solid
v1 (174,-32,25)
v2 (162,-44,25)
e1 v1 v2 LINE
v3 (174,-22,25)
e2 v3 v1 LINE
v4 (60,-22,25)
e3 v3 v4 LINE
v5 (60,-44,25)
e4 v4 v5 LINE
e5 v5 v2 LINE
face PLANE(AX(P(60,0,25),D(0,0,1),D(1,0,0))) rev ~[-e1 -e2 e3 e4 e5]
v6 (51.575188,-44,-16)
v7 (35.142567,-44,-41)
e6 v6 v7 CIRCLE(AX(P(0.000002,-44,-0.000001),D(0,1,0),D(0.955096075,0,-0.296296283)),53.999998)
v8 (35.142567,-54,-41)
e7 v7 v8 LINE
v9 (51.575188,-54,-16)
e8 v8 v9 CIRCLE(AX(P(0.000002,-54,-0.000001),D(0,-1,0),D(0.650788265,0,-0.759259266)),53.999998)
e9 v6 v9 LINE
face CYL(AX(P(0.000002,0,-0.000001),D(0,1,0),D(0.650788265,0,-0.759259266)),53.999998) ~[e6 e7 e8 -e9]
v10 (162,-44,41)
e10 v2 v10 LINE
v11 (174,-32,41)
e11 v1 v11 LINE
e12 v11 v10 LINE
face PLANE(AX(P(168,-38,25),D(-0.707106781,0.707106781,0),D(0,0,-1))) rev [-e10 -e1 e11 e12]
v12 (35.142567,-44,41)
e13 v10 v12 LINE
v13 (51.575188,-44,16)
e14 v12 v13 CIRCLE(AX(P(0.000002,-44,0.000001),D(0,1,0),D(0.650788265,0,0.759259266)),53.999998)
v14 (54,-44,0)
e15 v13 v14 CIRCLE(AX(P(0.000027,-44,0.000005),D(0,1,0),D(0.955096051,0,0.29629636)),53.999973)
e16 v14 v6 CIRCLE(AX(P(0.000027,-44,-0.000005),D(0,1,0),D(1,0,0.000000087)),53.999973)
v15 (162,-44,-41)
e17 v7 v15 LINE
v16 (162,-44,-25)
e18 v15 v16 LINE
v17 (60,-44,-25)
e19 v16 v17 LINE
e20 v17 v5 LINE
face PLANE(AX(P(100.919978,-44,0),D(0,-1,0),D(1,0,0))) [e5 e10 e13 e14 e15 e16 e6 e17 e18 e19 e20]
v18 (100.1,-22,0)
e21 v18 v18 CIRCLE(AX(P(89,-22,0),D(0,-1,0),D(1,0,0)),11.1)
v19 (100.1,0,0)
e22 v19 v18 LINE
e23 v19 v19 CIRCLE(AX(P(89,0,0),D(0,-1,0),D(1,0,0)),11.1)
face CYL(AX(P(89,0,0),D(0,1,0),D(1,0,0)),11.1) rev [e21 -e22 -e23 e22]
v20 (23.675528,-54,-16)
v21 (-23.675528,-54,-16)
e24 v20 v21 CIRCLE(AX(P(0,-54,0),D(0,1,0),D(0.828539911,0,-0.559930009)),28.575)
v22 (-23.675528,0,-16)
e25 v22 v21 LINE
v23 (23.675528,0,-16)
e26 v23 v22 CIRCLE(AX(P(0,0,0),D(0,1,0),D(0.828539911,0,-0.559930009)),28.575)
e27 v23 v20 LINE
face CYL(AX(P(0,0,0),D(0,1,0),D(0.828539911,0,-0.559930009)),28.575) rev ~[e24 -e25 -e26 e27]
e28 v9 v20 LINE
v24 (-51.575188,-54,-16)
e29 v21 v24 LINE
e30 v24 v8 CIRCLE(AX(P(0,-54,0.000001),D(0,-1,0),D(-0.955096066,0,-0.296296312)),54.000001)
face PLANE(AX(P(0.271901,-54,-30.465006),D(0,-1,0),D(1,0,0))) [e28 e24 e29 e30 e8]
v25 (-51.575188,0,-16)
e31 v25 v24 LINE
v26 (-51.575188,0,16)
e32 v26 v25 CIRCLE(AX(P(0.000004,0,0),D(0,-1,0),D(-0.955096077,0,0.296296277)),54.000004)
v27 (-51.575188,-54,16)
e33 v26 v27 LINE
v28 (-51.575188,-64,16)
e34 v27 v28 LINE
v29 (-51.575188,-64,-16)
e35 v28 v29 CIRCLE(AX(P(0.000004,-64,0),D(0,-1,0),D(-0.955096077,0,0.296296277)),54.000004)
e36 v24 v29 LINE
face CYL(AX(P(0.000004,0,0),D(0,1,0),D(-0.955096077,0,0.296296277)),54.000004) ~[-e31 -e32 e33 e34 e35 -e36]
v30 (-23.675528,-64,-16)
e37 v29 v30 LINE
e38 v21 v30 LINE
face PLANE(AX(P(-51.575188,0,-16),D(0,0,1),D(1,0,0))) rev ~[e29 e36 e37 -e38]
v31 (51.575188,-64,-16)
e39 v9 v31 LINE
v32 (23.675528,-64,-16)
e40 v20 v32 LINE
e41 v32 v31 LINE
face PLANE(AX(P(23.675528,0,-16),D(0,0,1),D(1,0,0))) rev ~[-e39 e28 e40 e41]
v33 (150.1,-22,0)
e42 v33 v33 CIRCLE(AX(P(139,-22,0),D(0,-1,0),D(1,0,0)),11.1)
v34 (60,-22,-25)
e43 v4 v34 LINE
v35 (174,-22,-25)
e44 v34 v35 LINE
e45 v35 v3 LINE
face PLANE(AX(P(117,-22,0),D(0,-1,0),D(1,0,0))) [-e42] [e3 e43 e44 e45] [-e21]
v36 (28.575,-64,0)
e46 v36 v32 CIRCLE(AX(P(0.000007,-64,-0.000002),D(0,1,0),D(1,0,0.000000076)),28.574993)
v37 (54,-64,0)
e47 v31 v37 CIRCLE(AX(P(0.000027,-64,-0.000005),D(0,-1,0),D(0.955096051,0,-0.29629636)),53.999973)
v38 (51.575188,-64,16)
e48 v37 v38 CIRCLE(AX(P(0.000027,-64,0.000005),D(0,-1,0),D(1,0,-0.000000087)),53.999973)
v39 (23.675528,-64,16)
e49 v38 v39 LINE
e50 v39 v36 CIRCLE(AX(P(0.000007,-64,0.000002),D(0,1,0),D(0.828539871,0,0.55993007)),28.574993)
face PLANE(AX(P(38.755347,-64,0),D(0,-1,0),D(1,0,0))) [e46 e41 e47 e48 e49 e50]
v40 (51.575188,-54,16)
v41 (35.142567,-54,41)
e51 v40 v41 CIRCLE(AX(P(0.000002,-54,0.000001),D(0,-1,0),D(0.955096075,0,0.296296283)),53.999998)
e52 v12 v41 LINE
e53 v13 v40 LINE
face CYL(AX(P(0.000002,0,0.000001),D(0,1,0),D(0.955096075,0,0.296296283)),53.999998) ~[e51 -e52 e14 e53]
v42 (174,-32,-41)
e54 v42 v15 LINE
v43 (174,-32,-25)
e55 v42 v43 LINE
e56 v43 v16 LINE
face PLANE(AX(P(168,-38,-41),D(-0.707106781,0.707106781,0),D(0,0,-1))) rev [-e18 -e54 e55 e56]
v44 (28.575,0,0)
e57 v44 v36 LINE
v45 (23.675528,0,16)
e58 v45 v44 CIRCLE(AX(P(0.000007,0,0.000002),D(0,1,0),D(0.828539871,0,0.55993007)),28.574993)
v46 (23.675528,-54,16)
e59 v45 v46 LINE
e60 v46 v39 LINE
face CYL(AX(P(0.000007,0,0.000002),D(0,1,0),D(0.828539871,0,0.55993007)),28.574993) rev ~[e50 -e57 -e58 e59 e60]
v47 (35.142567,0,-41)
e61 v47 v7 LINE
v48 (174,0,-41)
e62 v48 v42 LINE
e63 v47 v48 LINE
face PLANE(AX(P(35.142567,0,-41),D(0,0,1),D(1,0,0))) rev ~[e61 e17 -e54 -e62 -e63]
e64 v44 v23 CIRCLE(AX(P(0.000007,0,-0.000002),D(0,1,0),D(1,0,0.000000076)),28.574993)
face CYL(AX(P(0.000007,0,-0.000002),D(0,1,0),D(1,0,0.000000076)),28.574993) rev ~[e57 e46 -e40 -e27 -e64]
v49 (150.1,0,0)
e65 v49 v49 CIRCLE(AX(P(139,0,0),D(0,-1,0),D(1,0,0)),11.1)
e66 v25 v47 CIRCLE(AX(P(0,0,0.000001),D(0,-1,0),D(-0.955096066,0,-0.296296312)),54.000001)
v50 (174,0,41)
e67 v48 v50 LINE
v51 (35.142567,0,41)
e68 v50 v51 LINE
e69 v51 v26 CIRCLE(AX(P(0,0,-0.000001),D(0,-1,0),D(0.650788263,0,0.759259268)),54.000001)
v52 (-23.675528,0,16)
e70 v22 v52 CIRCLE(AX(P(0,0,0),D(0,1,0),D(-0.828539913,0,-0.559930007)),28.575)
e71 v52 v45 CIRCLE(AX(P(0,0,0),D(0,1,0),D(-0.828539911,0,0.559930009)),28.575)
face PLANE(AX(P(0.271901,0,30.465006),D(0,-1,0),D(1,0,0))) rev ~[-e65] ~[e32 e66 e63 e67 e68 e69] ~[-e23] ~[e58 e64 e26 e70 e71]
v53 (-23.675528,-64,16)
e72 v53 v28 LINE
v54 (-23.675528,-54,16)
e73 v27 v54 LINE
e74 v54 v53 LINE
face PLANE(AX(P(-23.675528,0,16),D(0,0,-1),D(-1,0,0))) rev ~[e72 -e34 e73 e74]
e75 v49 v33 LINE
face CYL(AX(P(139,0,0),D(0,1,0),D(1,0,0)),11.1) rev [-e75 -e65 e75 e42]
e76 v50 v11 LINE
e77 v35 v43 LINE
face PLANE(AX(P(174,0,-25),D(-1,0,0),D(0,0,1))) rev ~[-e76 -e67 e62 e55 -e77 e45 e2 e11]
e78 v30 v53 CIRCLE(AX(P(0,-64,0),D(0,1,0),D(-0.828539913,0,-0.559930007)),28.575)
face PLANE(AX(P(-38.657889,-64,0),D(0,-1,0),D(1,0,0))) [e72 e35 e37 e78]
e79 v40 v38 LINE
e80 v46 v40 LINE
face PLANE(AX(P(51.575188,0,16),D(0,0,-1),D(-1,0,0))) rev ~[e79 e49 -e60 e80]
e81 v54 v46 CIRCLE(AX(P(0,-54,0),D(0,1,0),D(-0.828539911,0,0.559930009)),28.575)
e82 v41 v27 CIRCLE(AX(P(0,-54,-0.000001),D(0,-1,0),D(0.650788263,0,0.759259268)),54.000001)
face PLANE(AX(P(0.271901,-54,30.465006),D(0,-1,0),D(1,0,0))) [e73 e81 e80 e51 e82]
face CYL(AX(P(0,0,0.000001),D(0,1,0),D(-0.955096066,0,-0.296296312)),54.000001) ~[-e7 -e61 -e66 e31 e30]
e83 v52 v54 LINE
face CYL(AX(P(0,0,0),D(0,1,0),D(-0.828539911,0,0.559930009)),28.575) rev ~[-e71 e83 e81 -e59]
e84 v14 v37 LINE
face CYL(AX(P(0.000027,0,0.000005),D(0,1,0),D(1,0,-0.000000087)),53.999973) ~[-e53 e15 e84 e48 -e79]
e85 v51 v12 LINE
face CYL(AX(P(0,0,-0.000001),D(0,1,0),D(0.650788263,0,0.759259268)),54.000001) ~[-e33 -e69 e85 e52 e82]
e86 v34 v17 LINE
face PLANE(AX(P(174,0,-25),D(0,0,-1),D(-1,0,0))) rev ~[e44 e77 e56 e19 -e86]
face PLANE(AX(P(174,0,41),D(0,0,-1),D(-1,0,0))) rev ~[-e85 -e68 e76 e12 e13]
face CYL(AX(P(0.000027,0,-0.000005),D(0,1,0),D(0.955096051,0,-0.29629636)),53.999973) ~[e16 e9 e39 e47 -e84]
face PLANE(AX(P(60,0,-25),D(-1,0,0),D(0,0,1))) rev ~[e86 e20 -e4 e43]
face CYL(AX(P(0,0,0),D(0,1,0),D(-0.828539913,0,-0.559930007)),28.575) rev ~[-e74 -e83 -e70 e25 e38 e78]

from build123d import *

# Parameters (mm, degrees)
F1_DEPTH = 44
F0_R     = 11.1
F2_DEPTH = 22
F3_DEPTH = 64
F4_DEPTH = 54
F5_SIZE  = 12


with BuildPart() as f1:
    # F0 (on Front) → F1 (new body)
    with BuildSketch(Plane.XZ):
        with BuildLine():
            ThreePointArc((35.142567, 41), (45.124741, 29.660711), (51.575188, 16))
            ThreePointArc((51.575188, 16), (53.390356, 8.091349), (54, 0))
            ThreePointArc((54, 0), (53.390356, -8.091349), (51.575188, -16))
            ThreePointArc((51.575188, -16), (45.124741, -29.660711), (35.142567, -41))
            Line((35.142567, -41), (174, -41))
            Line((174, -41), (174, -25))
            Line((174, -25), (60, -25))
            Line((60, -25), (60, 25))
            Line((60, 25), (174, 25))
            Line((174, 25), (174, 41))
            Line((174, 41), (35.142567, 41))
        make_face()
    extrude(amount=F1_DEPTH)

    # F0 (on Front) → F2 (join)
    with BuildSketch(Plane.XZ):
        Polygon((174, 0), (174, 25), (60, 25), (60, -25), (174, -25), align=None)
        with Locations((89, 0)):
            Circle(F0_R, mode=Mode.SUBTRACT)
        with Locations((139, 0)):
            Circle(F0_R, mode=Mode.SUBTRACT)
    extrude(amount=F2_DEPTH)

    # F0 (on Front) → F3 (join)
    with BuildSketch(Plane.XZ):
        with BuildLine():
            ThreePointArc((-23.675528, -16), (-28.575, 0), (-23.675528, 16))
            Line((-23.675528, 16), (-51.575188, 16))
            ThreePointArc((-51.575188, 16), (-54, 0), (-51.575188, -16))
            Line((-51.575188, -16), (-23.675528, -16))
        make_face()
        with BuildLine():
            ThreePointArc((23.675528, 16), (27.322691, 8.366672), (28.575, 0))
            ThreePointArc((28.575, 0), (27.322691, -8.366672), (23.675528, -16))
            Line((23.675528, -16), (51.575188, -16))
            ThreePointArc((51.575188, -16), (53.390356, -8.091349), (54, 0))
            ThreePointArc((54, 0), (53.390356, 8.091349), (51.575188, 16))
            Line((51.575188, 16), (23.675528, 16))
        make_face()
    extrude(amount=F3_DEPTH)

    # F0 (on Front) → F4 (join)
    with BuildSketch(Plane.XZ):
        with BuildLine():
            ThreePointArc((-23.675528, 16), (0, 28.575), (23.675528, 16))
            Line((23.675528, 16), (51.575188, 16))
            ThreePointArc((51.575188, 16), (45.124741, 29.660711), (35.142567, 41))
            ThreePointArc((35.142567, 41), (-14.958535, 51.886821), (-51.575188, 16))
            Line((-51.575188, 16), (-23.675528, 16))
        make_face()
        with BuildLine():
            Line((51.575188, -16), (23.675528, -16))
            ThreePointArc((23.675528, -16), (0, -28.575), (-23.675528, -16))
            Line((-23.675528, -16), (-51.575188, -16))
            ThreePointArc((-51.575188, -16), (-14.958535, -51.886821), (35.142567, -41))
            ThreePointArc((35.142567, -41), (45.124741, -29.660711), (51.575188, -16))
        make_face()
    extrude(amount=F4_DEPTH)

    # F5
    f5_edges = [f1.edges().sort_by_distance(p)[0] for p in [
        (174, -44, -33),
        (174, -44, 33),
    ]]
    chamfer(f5_edges, length=F5_SIZE)


solid = f1.part
